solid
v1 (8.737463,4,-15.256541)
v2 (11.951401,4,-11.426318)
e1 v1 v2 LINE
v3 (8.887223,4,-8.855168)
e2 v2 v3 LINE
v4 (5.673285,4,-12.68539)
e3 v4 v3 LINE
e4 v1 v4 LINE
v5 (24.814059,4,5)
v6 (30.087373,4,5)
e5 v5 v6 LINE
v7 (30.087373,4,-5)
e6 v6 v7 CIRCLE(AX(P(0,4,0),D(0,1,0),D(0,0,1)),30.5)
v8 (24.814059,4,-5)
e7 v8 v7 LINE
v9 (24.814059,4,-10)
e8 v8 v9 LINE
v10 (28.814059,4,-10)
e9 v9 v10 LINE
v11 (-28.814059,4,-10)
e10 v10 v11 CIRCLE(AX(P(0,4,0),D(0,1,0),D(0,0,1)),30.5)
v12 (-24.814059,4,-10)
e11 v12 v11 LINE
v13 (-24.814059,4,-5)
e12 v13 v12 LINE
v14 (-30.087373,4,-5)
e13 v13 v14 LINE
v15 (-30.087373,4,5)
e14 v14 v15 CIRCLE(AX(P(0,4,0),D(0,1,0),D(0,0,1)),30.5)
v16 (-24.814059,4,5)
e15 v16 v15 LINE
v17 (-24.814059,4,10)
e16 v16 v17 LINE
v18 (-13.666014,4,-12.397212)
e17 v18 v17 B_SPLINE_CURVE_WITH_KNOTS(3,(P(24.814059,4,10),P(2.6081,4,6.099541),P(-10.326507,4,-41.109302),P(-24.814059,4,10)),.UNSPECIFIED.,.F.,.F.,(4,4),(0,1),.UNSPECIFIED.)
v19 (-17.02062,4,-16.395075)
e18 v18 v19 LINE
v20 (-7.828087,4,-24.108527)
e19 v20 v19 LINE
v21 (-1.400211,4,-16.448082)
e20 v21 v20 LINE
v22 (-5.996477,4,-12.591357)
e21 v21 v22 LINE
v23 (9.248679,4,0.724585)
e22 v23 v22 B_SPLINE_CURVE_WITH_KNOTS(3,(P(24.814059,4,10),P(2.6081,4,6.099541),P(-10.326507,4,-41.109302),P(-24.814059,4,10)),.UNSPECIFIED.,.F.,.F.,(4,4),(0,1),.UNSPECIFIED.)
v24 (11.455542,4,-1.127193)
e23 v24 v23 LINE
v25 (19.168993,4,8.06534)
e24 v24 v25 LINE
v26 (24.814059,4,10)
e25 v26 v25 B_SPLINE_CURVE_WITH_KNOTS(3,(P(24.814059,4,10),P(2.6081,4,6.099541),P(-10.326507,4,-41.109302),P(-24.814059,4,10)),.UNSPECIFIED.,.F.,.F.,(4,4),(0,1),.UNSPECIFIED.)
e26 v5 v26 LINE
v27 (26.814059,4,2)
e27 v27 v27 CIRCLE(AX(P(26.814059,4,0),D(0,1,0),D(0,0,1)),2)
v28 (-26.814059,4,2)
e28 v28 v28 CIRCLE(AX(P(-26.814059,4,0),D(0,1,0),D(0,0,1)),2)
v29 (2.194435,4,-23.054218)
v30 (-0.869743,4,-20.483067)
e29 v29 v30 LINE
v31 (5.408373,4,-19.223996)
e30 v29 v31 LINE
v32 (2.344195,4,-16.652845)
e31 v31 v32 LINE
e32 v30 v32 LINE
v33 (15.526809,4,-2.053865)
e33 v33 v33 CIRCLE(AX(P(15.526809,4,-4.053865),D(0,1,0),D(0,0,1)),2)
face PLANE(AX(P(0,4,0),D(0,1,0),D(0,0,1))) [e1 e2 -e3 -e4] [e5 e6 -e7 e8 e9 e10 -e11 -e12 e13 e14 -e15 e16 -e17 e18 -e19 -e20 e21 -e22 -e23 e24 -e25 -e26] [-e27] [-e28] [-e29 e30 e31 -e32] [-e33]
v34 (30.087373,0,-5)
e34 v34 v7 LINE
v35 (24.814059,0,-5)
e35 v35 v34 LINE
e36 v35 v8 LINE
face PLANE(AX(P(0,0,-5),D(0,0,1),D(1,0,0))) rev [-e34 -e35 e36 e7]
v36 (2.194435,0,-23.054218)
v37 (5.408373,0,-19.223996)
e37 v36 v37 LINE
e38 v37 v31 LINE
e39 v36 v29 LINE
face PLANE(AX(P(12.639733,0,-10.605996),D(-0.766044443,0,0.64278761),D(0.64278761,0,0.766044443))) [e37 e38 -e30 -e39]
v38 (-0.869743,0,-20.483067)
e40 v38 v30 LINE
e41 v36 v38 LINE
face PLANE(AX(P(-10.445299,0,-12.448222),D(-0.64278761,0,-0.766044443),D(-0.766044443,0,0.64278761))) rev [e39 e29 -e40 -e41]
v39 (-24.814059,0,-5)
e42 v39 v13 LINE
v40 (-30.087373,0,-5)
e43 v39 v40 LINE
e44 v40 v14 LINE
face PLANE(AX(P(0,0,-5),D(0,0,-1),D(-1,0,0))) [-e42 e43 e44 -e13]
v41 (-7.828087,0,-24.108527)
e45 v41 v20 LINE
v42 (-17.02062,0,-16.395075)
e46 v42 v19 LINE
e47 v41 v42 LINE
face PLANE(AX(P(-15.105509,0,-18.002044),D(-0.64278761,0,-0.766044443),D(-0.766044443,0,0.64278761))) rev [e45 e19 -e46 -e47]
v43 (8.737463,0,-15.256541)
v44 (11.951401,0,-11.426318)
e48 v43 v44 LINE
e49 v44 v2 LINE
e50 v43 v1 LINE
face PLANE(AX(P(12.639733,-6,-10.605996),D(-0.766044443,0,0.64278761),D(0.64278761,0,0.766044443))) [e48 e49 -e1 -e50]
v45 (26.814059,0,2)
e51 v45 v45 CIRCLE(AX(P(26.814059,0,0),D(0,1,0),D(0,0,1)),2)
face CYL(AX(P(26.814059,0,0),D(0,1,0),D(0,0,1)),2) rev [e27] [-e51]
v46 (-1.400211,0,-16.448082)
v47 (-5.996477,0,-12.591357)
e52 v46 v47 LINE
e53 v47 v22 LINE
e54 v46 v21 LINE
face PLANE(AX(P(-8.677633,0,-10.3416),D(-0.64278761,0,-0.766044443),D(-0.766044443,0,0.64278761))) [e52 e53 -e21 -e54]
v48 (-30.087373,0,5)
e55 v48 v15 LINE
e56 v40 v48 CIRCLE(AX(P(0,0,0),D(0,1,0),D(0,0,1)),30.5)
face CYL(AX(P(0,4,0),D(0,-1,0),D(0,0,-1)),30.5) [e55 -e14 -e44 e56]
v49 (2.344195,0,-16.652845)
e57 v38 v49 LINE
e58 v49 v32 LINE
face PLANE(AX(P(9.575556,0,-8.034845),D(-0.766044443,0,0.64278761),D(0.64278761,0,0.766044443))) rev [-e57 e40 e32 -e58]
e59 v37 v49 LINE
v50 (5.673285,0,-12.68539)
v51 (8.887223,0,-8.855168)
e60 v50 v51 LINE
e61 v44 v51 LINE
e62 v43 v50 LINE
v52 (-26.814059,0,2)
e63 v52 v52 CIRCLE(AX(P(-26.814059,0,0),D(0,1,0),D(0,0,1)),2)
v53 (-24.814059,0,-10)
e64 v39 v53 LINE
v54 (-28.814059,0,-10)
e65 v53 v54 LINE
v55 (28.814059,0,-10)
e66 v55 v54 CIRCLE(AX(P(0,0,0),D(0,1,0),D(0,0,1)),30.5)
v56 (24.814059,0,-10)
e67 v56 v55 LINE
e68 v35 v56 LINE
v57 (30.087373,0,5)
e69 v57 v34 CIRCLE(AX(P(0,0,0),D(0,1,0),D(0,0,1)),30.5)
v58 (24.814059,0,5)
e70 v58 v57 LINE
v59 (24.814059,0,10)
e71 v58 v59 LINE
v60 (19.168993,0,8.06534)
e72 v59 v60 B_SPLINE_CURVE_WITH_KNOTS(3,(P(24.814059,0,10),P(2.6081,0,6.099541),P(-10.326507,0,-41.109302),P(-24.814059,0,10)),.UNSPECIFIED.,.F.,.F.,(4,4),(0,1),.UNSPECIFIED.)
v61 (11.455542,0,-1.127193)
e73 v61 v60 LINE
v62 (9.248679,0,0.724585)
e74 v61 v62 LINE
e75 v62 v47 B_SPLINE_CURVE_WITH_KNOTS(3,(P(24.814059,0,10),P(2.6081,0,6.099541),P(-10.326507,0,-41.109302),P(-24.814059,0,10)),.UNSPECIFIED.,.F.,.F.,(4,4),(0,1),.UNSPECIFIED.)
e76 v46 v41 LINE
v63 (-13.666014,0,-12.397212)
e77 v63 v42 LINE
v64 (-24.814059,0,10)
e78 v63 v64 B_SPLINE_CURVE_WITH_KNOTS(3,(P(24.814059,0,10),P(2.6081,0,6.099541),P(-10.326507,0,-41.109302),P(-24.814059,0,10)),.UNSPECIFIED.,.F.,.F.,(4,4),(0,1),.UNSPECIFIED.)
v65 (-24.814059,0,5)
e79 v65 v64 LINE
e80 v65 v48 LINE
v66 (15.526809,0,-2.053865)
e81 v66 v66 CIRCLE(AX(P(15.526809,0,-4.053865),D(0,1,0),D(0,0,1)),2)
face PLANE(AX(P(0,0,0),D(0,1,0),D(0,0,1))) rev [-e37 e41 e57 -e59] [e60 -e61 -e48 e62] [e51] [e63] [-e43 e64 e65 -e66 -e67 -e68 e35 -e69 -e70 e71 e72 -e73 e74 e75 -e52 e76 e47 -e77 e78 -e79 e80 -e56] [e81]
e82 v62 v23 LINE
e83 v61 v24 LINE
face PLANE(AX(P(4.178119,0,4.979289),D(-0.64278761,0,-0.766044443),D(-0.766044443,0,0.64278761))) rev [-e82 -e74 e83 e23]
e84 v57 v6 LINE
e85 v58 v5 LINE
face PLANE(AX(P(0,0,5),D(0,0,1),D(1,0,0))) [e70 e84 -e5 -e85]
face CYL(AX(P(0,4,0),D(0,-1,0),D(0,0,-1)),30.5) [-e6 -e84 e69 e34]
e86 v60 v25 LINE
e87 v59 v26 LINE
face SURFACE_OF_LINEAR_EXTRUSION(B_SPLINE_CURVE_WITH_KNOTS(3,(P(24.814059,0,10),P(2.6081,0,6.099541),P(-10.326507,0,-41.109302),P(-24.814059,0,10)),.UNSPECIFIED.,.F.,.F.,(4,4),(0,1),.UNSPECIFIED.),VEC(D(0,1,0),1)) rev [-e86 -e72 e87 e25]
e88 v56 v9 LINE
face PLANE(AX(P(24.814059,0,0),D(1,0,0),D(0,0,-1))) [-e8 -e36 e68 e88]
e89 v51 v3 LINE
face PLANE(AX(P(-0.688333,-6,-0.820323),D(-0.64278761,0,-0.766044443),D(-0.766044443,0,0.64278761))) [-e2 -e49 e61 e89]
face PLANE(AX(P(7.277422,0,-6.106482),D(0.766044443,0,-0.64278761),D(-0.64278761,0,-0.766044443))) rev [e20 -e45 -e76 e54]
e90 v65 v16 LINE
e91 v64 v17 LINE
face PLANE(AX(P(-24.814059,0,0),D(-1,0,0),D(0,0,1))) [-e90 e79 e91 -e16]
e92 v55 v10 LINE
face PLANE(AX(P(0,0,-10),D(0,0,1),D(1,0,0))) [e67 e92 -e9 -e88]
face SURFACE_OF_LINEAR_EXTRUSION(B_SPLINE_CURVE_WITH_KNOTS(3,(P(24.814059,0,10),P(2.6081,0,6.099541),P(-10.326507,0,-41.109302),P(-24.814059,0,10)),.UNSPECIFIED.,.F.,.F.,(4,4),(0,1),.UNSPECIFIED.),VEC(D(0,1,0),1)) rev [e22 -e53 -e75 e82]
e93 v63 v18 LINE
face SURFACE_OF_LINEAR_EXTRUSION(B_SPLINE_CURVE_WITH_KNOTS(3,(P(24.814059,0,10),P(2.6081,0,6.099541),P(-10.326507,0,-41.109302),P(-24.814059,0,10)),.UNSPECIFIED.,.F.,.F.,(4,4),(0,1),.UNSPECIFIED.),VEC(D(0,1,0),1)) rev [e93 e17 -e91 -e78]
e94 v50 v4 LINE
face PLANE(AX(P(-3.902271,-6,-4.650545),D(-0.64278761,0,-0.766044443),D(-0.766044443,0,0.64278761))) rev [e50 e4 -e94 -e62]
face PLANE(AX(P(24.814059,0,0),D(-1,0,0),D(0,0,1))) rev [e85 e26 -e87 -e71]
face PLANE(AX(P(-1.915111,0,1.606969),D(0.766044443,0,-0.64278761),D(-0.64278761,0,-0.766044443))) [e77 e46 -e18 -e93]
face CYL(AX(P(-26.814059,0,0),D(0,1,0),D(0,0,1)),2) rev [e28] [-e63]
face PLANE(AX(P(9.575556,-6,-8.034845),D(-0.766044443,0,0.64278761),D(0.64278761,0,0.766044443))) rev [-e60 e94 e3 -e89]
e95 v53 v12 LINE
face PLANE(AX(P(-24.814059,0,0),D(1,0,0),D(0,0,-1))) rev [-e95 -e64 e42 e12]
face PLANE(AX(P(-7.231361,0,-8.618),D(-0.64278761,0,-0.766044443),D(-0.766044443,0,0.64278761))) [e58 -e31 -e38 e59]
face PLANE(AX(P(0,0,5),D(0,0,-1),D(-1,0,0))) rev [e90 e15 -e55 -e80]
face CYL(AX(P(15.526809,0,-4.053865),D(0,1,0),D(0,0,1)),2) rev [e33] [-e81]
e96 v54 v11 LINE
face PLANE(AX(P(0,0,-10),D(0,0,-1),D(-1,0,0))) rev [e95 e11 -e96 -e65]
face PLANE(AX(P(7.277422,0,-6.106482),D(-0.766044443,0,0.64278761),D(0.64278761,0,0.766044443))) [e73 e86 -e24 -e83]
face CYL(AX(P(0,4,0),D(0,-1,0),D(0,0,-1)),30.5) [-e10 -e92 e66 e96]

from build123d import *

# Parameters (mm, degrees)
CROQUIS1_R              = 30.5
SALIENTE_EXTRUIR1_DEPTH = 4
CROQUIS2_R              = 2
CORTAR_EXTRUIR1_DEPTH   = 4
CORTAR_EXTRUIR3_START   = -4
CORTAR_EXTRUIR3_DEPTH   = 4
CORTAR_EXTRUIR5_START   = -4
CROQUIS7_R              = 2
CORTAR_EXTRUIR5_DEPTH   = 4
CORTAR_EXTRUIR6_DEPTH   = 10
CROQUIS10_R             = 2
CORTAR_EXTRUIR7_DEPTH   = 4


with BuildPart() as part:
    # Croquis1 → Saliente-Extruir1 (new body)
    with BuildSketch(Plane(origin=(0, 0, 0), x_dir=(1, 0, 0), z_dir=(0, 1, 0))):
        with Locations(Location((0, 0, 0), (0, 0, 270))):
            Circle(CROQUIS1_R)
    extrude(amount=SALIENTE_EXTRUIR1_DEPTH)

    # Croquis2 → Cortar-Extruir1 (cut)
    with BuildSketch(Plane(origin=(0, 4, 0), x_dir=(1, 0, 0), z_dir=(0, 1, 0))):
        with Locations(Location((0, 0, 0), (0, 0, 270))):
            Circle(CROQUIS2_R)
    extrude(amount=-CORTAR_EXTRUIR1_DEPTH, mode=Mode.SUBTRACT)

    # Croquis5 → Cortar-Extruir3 (cut)
    with BuildSketch(Plane(origin=(0, 4, 0), x_dir=(1, 0, 0), z_dir=(0, 1, 0)).offset(CORTAR_EXTRUIR3_START)):
        with BuildLine():
            Line((28.814059068, 5), (30.087372767, 5))
            ThreePointArc((30.087372767, 5), (29.556634924, 7.526973624), (28.814059068, 10))
            Line((28.814059068, 10), (24.814059068, 10))
            Line((24.814059068, 10), (24.814059068, 5))
            Line((24.814059068, 5), (28.814059068, 5))
        make_face()
        with BuildLine():
            Line((30.087372767, -5), (28.814059068, -5))
            Line((28.814059068, -5), (24.814059068, -5))
            Line((24.814059068, -5), (24.814059068, -10))
            Line((24.814059068, -10), (28.814059068, -10))
            ThreePointArc((28.814059068, -10), (29.556634924, -7.526973624), (30.087372767, -5))
        make_face()
        with BuildLine():
            Line((-24.814059068, 5), (-24.814059068, 10))
            Line((-24.814059068, 10), (-28.814059068, 10))
            ThreePointArc((-28.814059068, 10), (-29.556634924, 7.526973624), (-30.087372767, 5))
            Line((-30.087372767, 5), (-28.814059068, 5))
            Line((-28.814059068, 5), (-24.814059068, 5))
        make_face()
        with BuildLine():
            Line((-28.814059068, -10), (-24.814059068, -10))
            Line((-24.814059068, -10), (-24.814059068, -5))
            Line((-24.814059068, -5), (-28.814059068, -5))
            Line((-28.814059068, -5), (-30.087372767, -5))
            ThreePointArc((-30.087372767, -5), (-29.556634924, -7.526973624), (-28.814059068, -10))
        make_face()
    extrude(amount=CORTAR_EXTRUIR3_DEPTH, mode=Mode.SUBTRACT)

    # Croquis7 → Cortar-Extruir5 (cut)
    with BuildSketch(Plane(origin=(0, 4, 0), x_dir=(1, 0, 0), z_dir=(0, 1, 0)).offset(CORTAR_EXTRUIR5_START)):
        with Locations(Location((15.526809242, 4.053864794, 0), (0, 0, 270))):
            Circle(CROQUIS7_R)
        Polygon((2.194434654, 23.054217761), (-0.869743118, 20.483067322), (2.34419493, 16.652845106), (5.408372702, 19.223995545), align=None)
        with BuildLine():
            Line((-24.814059068, -10), (-28.814059068, -10))
            ThreePointArc((-28.814059068, -10), (0, -30.5), (28.814059068, -10))
            Line((28.814059068, -10), (24.814059068, -10))
            add(Edge.make_bspline(
                [(24.814059068, -10), (22.863263717, -9.657344338), (20.984021298, -8.980450277), (19.168992989, -8.065339906)],
                knots=[0, 0, 0, 0, 0.087850084, 0.087850084, 0.087850084, 0.087850084], degree=3))
            Line((19.168992989, -8.065339906), (11.455541673, 1.127193412))
            Line((11.455541673, 1.127193412), (9.248678515, -0.72458465))
            add(Edge.make_bspline(
                [(9.248678515, -0.72458465), (3.657558626, 4.465361799), (-1.318373357, 10.288134416), (-5.99647718, 12.591356616)],
                knots=[0.258799312, 0.258799312, 0.258799312, 0.258799312, 0.567154107, 0.567154107, 0.567154107, 0.567154107], degree=3))
            Line((-5.99647718, 12.591356616), (-1.400210521, 16.448082274))
            Line((-1.400210521, 16.448082274), (-7.828086618, 24.108526705))
            Line((-7.828086618, 24.108526705), (-17.020619935, 16.395075389))
            Line((-17.020619935, 16.395075389), (-13.66601447, 12.397212273))
            add(Edge.make_bspline(
                [(-13.66601447, 12.397212273), (-17.403465693, 9.897923685), (-21.056529869, 3.255841362), (-24.814059068, -10)],
                knots=[0.740637404, 0.740637404, 0.740637404, 0.740637404, 1, 1, 1, 1], degree=3))
        make_face()
    extrude(amount=CORTAR_EXTRUIR5_DEPTH, mode=Mode.SUBTRACT)

    # Croquis9 → Cortar-Extruir6 (cut)
    with BuildSketch(Plane(origin=(0, 4, 0), x_dir=(1, 0, 0), z_dir=(0, 1, 0))):
        Polygon((8.737462625, 15.25654067), (5.673284852, 12.685390231), (8.887222901, 8.855168016), (11.951400673, 11.426318455), align=None)
    extrude(amount=-CORTAR_EXTRUIR6_DEPTH, mode=Mode.SUBTRACT)

    # Croquis10 → Cortar-Extruir7 (cut)
    with BuildSketch(Plane(origin=(0, 4, 0), x_dir=(1, 0, 0), z_dir=(0, 1, 0))):
        with Locations(Location((-26.814059068, 0, 0), (0, 0, 270))):
            Circle(CROQUIS10_R)
        with Locations(Location((26.814059068, 0, 0), (0, 0, 270))):
            Circle(CROQUIS10_R)
    extrude(amount=-CORTAR_EXTRUIR7_DEPTH, mode=Mode.SUBTRACT)


solid = part.part
